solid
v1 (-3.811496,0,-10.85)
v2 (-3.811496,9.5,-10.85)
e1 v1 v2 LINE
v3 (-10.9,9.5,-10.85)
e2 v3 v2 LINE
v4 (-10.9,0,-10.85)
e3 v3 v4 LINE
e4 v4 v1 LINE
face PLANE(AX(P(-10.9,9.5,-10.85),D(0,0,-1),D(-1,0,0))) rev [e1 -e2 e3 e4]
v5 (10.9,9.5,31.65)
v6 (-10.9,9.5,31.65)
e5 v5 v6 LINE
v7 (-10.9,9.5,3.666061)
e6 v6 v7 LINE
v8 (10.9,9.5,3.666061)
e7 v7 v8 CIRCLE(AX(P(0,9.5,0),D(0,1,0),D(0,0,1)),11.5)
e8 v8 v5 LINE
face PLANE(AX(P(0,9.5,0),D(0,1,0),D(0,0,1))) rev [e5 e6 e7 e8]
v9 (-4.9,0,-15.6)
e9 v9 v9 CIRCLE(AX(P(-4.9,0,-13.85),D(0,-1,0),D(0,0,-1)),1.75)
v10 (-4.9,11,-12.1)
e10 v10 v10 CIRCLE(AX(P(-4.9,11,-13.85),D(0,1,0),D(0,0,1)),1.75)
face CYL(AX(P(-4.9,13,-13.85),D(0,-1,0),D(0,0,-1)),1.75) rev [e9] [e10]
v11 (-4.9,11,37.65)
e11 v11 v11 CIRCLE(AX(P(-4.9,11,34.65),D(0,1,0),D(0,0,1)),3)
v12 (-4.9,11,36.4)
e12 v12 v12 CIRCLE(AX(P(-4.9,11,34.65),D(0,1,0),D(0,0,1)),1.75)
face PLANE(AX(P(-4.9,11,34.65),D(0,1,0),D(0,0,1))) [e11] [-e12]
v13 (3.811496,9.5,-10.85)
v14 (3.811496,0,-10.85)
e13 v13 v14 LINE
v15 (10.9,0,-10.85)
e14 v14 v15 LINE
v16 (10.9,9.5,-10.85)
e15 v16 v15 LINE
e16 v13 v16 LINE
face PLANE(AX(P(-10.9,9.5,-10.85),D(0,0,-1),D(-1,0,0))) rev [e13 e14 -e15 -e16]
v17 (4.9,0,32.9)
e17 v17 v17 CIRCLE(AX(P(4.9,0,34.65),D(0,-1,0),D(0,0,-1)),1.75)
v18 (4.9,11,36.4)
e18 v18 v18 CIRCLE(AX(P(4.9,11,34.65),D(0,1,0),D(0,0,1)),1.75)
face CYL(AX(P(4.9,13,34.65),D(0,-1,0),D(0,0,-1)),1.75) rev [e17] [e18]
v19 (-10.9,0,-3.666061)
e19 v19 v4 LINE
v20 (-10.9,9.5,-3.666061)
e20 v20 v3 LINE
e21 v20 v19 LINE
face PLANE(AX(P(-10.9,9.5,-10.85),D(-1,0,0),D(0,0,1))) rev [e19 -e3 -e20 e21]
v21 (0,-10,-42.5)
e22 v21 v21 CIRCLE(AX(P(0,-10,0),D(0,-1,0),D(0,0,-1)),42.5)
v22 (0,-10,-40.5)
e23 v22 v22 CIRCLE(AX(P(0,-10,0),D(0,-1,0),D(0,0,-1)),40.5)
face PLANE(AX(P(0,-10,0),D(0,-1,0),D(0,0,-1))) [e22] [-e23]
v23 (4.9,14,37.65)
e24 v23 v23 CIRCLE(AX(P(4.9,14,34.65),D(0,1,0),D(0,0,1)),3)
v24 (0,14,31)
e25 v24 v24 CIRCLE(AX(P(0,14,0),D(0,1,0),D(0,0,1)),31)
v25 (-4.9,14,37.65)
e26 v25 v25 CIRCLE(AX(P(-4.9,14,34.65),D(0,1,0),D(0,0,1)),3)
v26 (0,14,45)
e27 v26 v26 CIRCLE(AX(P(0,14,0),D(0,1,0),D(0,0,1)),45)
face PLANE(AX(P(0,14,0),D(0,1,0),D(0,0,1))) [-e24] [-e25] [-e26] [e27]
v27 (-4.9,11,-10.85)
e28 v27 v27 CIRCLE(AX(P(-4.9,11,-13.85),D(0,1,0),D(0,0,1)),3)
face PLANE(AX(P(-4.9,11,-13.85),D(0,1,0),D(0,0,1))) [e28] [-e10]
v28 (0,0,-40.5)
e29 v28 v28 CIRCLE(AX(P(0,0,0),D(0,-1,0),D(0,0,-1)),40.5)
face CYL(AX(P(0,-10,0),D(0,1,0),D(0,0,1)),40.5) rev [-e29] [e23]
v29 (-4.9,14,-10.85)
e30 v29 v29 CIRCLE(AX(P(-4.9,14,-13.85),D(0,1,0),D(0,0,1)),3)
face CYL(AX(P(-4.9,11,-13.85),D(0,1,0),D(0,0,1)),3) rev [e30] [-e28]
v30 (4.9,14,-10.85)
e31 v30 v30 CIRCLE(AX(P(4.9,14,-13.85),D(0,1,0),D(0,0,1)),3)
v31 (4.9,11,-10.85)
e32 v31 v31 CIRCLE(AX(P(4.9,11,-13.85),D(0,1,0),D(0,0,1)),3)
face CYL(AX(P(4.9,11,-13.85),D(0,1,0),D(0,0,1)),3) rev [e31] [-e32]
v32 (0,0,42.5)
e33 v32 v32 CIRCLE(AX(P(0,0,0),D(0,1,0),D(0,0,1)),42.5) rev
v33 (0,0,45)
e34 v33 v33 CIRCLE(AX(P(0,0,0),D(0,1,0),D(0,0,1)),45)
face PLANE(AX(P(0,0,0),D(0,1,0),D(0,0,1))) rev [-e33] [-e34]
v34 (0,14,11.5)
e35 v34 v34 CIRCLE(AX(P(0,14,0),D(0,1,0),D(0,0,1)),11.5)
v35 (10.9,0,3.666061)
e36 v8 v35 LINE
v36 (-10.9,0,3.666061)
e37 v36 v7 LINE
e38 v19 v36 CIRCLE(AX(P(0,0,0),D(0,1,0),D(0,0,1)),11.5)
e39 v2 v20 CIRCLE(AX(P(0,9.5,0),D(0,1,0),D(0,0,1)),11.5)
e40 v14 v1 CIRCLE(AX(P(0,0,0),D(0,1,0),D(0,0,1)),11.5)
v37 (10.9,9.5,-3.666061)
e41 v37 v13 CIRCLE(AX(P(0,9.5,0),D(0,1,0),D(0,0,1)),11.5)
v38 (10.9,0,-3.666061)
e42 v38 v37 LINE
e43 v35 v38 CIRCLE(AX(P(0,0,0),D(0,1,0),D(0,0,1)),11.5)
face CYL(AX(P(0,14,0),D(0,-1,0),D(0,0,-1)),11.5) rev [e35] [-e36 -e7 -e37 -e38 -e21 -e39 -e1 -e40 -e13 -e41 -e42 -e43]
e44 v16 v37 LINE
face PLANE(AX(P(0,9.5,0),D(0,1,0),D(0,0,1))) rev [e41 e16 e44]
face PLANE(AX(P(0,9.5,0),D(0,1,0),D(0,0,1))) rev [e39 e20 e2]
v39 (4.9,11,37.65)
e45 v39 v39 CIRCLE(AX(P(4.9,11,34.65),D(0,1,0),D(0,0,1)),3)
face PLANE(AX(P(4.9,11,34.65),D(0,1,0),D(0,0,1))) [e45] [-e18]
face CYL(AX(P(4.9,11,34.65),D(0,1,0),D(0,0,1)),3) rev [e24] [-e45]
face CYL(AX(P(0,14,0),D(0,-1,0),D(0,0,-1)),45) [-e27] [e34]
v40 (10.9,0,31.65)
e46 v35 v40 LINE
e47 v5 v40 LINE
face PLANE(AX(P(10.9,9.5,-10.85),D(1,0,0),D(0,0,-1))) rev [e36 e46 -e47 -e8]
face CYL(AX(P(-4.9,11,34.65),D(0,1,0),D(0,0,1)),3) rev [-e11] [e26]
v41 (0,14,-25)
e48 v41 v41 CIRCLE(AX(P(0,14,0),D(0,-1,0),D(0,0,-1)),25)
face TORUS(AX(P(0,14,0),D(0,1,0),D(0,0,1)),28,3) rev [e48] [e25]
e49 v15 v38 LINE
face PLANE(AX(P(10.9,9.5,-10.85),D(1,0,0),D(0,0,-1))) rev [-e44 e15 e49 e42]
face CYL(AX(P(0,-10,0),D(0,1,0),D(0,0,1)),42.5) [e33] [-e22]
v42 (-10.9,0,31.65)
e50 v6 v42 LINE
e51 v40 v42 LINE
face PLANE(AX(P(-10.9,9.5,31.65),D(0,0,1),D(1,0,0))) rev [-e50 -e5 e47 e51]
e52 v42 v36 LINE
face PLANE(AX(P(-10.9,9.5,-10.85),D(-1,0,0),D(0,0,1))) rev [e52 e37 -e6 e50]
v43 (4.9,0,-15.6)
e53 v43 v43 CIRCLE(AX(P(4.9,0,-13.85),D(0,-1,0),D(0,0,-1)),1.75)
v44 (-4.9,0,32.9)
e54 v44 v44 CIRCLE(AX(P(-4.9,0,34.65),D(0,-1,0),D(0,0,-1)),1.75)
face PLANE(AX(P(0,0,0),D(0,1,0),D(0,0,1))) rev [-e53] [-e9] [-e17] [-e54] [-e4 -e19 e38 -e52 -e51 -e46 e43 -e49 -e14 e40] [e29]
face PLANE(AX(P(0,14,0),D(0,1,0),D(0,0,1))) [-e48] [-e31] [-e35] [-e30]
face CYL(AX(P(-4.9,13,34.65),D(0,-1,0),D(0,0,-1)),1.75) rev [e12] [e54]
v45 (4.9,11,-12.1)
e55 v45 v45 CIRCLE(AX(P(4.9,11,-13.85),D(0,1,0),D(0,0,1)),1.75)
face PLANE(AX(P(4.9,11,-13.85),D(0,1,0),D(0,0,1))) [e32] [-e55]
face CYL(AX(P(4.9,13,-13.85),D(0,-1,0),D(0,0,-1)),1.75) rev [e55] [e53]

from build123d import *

# Parameters (mm, degrees)
SKETCH1_R           = 45
SKETCH1_R_2         = 11.5
BOSS_EXTRUDE1_DEPTH = 14
SKETCH3_R           = 3
SKETCH6_R           = 3
CUT_EXTRUDE3_DEPTH  = 3
SKETCH7_R           = 1.75
CUT_EXTRUDE4_DEPTH  = 13
SKETCH8_W           = 21.8
SKETCH8_H           = 42.5
CUT_EXTRUDE7_DEPTH  = 9.5
SKETCH9_R           = 42.5
SKETCH9_R_2         = 40.5
BOSS_EXTRUDE2_DEPTH = 10


with BuildPart() as part:
    # Sketch1 → Boss-Extrude1 (new body)
    with BuildSketch(Plane(origin=(0, 0, 0), x_dir=(1, 0, 0), z_dir=(0, 1, 0))):
        with Locations(Location((0, 0, 0), (0, 0, 270))):
            Circle(SKETCH1_R)
        with Locations(Location((0, 0, 0), (0, 0, 270))):
            Circle(SKETCH1_R_2, mode=Mode.SUBTRACT)
    extrude(amount=BOSS_EXTRUDE1_DEPTH)

    # Sketch3 → Cut-Revolve1 (revolve, cut)
    with BuildSketch(Plane.XY, mode=Mode.PRIVATE) as cut_revolve1_sk:
        with Locations((-28, 14)):
            Circle(SKETCH3_R)
    revolve(cut_revolve1_sk.sketch.rotate(Axis((0, 14, 0), (0, -1, 0)), 270), axis=Axis((0, 14, 0), (0, -1, 0)), mode=Mode.SUBTRACT)

    # Sketch6 → Cut-Extrude3 (cut)
    with BuildSketch(Plane(origin=(0, 14, 0), x_dir=(1, 0, 0), z_dir=(0, 1, 0))):
        with Locations(Location((-4.9, -34.65, 0), (0, 0, 270))):
            Circle(SKETCH6_R)
        with Locations(Location((4.9, -34.65, 0), (0, 0, 270))):
            Circle(SKETCH6_R)
        with Locations(Location((-4.9, 13.85, 0), (0, 0, 270))):
            Circle(SKETCH6_R)
        with Locations(Location((4.9, 13.85, 0), (0, 0, 270))):
            Circle(SKETCH6_R)
    extrude(amount=-CUT_EXTRUDE3_DEPTH, mode=Mode.SUBTRACT)

    # Sketch7 → Cut-Extrude4 (cut)
    with BuildSketch(Plane.XZ):
        with Locations(Location((4.9, 34.65, 0), (0, 0, 270))):
            Circle(SKETCH7_R)
        with Locations(Location((-4.9, 34.65, 0), (0, 0, 270))):
            Circle(SKETCH7_R)
        with Locations(Location((4.9, -13.85, 0), (0, 0, 270))):
            Circle(SKETCH7_R)
        with Locations(Location((-4.9, -13.85, 0), (0, 0, 270))):
            Circle(SKETCH7_R)
    extrude(amount=-CUT_EXTRUDE4_DEPTH, mode=Mode.SUBTRACT)

    # Sketch8 → Cut-Extrude7 (cut)
    with BuildSketch(Plane.XZ):
        with Locations((0, 10.4)):
            Rectangle(SKETCH8_W, SKETCH8_H)
    extrude(amount=-CUT_EXTRUDE7_DEPTH, mode=Mode.SUBTRACT)

    # Sketch9 → Boss-Extrude2 (add)
    with BuildSketch(Plane.XZ):
        with Locations(Location((0, 0, 0), (0, 0, 90))):
            Circle(SKETCH9_R)
        with Locations(Location((0, 0, 0), (0, 0, 270))):
            Circle(SKETCH9_R_2, mode=Mode.SUBTRACT)
    extrude(amount=BOSS_EXTRUDE2_DEPTH)


solid = part.part
